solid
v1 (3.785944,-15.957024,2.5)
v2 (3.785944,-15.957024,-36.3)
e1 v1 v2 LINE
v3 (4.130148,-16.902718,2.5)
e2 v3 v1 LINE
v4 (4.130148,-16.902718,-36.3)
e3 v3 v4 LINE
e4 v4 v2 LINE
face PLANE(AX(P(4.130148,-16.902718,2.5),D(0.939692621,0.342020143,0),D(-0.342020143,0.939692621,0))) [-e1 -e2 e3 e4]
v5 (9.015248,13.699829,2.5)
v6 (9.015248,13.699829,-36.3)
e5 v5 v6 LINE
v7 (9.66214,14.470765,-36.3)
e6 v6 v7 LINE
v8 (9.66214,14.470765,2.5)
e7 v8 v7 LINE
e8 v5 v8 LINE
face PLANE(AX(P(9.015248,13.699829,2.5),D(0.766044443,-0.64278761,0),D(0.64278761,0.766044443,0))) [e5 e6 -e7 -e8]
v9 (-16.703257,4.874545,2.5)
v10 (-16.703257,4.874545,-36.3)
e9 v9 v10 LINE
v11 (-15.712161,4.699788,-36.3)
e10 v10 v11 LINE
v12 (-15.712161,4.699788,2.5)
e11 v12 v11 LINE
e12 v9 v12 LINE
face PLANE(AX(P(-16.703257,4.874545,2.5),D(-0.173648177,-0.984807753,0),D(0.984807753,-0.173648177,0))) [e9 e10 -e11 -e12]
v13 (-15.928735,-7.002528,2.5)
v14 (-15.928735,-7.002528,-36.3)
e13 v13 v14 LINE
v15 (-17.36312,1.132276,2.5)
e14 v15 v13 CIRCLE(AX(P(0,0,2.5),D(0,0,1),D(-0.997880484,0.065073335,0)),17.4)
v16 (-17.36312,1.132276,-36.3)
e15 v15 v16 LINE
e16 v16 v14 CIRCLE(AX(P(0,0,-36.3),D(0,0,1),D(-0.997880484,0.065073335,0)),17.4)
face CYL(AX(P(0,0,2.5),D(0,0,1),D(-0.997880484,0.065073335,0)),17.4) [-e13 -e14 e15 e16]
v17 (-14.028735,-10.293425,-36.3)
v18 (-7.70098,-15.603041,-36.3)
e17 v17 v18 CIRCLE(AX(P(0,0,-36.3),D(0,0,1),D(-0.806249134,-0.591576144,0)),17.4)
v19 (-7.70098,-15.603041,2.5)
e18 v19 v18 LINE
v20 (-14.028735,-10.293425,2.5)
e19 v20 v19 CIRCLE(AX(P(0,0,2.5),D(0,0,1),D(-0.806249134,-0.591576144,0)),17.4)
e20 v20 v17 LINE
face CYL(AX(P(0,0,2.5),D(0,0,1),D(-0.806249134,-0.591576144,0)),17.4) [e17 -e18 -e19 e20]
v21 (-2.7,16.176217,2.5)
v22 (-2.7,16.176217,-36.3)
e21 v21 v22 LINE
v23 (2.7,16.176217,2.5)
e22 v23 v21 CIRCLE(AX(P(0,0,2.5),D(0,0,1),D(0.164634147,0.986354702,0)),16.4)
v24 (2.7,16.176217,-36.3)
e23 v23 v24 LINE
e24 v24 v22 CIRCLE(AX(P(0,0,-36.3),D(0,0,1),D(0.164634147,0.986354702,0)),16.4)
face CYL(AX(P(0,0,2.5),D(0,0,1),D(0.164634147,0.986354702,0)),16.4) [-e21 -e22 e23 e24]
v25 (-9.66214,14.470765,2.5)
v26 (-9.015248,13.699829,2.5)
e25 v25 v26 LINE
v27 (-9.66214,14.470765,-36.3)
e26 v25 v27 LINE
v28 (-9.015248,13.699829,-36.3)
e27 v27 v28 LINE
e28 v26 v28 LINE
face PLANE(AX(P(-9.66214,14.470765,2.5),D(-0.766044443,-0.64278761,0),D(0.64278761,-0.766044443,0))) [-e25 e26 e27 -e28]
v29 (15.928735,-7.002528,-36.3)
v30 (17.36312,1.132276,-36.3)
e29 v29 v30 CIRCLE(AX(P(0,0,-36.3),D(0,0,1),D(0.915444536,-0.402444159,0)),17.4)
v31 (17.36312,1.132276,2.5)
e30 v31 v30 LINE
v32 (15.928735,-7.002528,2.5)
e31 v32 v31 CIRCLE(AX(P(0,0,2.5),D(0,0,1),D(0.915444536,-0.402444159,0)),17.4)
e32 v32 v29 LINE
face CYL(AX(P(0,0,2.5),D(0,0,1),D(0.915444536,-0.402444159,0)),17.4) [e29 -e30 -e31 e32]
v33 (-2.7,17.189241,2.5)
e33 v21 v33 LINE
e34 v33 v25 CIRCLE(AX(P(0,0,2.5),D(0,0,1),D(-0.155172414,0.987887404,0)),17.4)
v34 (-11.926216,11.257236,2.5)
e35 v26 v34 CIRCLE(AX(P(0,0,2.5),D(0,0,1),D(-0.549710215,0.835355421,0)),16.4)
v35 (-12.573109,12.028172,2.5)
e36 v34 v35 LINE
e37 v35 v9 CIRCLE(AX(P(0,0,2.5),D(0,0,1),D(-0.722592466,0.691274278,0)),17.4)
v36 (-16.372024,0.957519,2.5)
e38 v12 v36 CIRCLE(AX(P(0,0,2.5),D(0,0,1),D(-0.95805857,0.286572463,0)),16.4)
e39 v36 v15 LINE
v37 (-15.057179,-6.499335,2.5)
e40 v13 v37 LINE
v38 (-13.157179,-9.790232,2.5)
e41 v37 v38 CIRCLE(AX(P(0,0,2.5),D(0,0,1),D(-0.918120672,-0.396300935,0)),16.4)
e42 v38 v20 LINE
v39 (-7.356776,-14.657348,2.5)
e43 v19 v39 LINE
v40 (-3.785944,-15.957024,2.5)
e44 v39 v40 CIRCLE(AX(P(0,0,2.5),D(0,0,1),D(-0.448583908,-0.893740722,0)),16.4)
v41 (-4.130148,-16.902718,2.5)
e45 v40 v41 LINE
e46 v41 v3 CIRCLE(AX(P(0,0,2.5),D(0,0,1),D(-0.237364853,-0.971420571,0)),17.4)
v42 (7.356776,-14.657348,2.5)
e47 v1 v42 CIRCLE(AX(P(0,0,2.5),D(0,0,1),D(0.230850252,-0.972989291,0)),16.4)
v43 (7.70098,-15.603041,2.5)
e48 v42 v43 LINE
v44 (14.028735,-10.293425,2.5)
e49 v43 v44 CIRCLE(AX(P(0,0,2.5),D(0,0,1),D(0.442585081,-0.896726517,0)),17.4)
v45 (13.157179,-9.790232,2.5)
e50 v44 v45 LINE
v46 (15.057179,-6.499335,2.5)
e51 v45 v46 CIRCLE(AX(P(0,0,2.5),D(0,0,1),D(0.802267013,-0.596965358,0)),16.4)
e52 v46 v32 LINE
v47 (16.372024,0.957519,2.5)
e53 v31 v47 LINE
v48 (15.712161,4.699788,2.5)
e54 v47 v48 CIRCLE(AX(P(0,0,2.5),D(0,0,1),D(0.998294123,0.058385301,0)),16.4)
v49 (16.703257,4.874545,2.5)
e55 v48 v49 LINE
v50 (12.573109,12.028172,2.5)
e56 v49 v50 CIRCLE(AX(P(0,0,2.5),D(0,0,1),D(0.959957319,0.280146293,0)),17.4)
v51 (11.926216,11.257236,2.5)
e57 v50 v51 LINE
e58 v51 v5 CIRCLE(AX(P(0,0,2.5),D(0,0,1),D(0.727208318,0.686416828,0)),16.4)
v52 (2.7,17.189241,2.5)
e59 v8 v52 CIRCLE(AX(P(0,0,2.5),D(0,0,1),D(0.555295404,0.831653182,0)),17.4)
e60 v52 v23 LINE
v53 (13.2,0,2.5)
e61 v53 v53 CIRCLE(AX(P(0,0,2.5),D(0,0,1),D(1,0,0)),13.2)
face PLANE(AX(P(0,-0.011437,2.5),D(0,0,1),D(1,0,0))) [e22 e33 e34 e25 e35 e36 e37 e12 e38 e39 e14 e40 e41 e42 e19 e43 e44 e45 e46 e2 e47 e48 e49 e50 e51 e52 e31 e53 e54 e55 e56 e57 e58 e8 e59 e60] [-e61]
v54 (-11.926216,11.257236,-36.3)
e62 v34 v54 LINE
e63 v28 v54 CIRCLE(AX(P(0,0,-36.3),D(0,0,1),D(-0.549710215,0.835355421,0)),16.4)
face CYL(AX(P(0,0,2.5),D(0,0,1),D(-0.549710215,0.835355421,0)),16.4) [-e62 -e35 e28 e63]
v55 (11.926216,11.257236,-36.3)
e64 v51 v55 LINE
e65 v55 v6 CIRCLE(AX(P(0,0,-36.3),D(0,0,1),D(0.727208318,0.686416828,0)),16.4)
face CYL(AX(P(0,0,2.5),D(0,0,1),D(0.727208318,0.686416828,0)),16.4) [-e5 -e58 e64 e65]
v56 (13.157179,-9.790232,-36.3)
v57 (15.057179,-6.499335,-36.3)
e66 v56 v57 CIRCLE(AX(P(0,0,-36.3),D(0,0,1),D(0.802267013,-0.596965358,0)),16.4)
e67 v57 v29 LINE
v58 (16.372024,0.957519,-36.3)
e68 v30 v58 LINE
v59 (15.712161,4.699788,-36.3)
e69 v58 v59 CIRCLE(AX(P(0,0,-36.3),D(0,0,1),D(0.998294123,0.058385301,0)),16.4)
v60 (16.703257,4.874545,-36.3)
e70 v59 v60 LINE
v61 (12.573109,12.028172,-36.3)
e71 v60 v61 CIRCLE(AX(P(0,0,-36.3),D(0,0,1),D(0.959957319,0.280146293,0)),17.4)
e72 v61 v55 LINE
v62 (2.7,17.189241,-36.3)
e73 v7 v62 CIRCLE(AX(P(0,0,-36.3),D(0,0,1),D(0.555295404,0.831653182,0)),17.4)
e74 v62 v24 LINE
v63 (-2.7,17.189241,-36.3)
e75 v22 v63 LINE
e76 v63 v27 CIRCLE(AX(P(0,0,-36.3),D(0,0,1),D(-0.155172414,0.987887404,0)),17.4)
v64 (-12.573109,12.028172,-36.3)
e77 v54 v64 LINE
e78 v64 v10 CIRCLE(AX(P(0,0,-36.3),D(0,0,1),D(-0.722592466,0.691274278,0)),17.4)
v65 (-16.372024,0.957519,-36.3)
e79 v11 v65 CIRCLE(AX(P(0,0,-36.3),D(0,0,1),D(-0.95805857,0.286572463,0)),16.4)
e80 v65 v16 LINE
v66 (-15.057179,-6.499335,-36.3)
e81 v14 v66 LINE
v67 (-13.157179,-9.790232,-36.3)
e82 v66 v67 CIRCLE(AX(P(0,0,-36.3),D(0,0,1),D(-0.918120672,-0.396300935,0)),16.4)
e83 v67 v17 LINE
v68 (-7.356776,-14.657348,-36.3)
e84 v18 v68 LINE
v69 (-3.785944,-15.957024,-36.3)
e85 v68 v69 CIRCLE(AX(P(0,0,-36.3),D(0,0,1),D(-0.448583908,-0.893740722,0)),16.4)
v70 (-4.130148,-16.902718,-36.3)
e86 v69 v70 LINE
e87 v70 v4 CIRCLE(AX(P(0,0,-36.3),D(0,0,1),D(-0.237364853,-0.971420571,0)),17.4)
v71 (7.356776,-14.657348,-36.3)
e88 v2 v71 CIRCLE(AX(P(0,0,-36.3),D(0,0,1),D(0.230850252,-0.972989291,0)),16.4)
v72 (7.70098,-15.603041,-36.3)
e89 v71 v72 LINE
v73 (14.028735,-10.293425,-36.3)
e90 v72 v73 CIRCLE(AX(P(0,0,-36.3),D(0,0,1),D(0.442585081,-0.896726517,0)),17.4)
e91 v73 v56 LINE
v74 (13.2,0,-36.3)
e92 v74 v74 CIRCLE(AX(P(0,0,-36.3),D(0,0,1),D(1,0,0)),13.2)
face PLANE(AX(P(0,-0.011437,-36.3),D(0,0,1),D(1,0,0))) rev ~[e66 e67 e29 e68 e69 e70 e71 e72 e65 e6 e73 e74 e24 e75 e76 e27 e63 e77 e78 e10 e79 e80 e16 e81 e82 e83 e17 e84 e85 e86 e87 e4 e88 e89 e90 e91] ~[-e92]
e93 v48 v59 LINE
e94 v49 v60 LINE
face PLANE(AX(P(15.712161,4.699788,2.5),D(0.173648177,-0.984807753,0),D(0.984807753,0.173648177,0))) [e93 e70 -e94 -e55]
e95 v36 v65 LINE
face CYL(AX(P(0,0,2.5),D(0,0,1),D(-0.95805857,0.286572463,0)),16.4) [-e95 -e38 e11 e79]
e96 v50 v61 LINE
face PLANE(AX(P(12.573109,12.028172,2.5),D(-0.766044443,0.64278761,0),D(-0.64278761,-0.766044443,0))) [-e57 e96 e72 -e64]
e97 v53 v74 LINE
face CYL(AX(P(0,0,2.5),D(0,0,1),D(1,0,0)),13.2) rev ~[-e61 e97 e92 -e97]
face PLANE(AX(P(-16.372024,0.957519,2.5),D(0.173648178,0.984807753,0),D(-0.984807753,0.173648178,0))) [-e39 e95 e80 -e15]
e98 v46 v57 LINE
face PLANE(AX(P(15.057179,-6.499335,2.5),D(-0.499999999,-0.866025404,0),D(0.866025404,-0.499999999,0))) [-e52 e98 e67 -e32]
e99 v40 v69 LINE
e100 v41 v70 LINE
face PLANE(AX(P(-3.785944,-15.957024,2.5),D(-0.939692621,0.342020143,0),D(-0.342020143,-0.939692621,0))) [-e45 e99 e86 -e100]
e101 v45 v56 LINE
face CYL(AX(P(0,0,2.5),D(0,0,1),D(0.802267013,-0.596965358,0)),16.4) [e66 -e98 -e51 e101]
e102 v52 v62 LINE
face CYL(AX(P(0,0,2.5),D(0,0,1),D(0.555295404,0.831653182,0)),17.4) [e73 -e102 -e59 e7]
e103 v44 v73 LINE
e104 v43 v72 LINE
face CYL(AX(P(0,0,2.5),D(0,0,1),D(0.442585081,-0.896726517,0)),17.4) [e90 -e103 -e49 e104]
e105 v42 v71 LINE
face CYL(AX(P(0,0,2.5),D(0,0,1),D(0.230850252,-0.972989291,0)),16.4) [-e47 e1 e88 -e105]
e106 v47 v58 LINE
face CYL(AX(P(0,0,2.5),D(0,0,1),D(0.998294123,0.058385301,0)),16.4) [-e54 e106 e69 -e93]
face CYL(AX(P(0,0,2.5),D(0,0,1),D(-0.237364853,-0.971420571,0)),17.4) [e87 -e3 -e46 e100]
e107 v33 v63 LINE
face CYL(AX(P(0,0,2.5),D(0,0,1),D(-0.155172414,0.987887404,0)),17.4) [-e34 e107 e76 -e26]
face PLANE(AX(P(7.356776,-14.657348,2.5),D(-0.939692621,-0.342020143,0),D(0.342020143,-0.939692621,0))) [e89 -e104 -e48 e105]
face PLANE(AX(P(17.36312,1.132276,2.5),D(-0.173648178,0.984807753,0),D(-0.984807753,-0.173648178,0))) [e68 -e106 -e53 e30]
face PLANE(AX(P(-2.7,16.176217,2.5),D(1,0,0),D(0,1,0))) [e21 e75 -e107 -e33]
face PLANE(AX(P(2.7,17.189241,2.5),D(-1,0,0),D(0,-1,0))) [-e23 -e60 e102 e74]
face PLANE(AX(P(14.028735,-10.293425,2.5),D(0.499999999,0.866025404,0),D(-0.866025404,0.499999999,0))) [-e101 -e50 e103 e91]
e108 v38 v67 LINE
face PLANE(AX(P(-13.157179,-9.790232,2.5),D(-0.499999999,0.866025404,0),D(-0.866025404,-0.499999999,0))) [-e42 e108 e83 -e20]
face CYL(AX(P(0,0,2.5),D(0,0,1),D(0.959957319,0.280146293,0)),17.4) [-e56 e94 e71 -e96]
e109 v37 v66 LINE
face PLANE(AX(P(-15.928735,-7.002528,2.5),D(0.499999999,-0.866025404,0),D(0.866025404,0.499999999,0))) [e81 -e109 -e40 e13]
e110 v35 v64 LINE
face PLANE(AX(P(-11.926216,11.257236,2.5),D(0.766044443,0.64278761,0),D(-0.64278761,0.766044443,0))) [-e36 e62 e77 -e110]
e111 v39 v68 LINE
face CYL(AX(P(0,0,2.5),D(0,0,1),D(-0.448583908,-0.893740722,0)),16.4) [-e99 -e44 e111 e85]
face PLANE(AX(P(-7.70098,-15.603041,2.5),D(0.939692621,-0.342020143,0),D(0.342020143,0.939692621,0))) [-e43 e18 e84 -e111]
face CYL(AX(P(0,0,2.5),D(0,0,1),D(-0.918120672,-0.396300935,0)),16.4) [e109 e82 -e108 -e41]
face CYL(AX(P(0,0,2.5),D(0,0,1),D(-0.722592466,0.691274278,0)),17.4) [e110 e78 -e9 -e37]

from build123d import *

# Parameters (mm, degrees)
SK_ESTRIADO_R = 13.2
EJE_DEPTH     = 38.8


with BuildPart() as part:
    # Sk_Estriado → Eje (new body)
    with BuildSketch(Plane.XY.offset(2.5)):
        with BuildLine():
            Line((2.7, 17.189240821), (2.7, 16.17621711))
            ThreePointArc((2.7, 16.17621711), (0, 16.4), (-2.7, 16.17621711))
            Line((-2.7, 16.17621711), (-2.7, 17.189240821))
            ThreePointArc((-2.7, 17.189240821), (-6.328756096, 16.208233904), (-9.662140027, 14.47076536))
            Line((-9.662140027, 14.47076536), (-9.01524753, 13.699828903))
            ThreePointArc((-9.01524753, 13.699828903), (-10.541716799, 12.563128867), (-11.926216414, 11.257235986))
            Line((-11.926216414, 11.257235986), (-12.573108911, 12.028172443))
            ThreePointArc((-12.573108911, 12.028172443), (-15.068842026, 8.7), (-16.703257352, 4.874545499))
            Line((-16.703257352, 4.874545499), (-15.712160547, 4.699788392))
            ThreePointArc((-15.712160547, 4.699788392), (-16.150847149, 2.847830114), (-16.372023623, 0.957518931))
            Line((-16.372023623, 0.957518931), (-17.363120427, 1.132276038))
            ThreePointArc((-17.363120427, 1.132276038), (-17.135654902, -3.021478291), (-15.928734927, -7.002528375))
            Line((-15.928734927, -7.002528375), (-15.057179023, -6.49933534))
            ThreePointArc((-15.057179023, -6.49933534), (-14.202816622, -8.2), (-13.157179023, -9.790231874))
            Line((-13.157179023, -9.790231874), (-14.028734927, -10.293424909))
            ThreePointArc((-14.028734927, -10.293424909), (-11.184504409, -13.32917331), (-7.700980401, -15.603041398))
            Line((-7.700980401, -15.603041398), (-7.356776093, -14.657347834))
            ThreePointArc((-7.356776093, -14.657347834), (-5.609130351, -15.410958981), (-3.785944134, -15.957024379))
            Line((-3.785944134, -15.957024379), (-4.130148442, -16.902717943))
            ThreePointArc((-4.130148442, -16.902717943), (0, -17.4), (4.130148442, -16.902717943))
            Line((4.130148442, -16.902717943), (3.785944134, -15.957024379))
            ThreePointArc((3.785944134, -15.957024379), (5.609130351, -15.410958981), (7.356776093, -14.657347834))
            Line((7.356776093, -14.657347834), (7.700980401, -15.603041398))
            ThreePointArc((7.700980401, -15.603041398), (11.184504409, -13.32917331), (14.028734927, -10.293424909))
            Line((14.028734927, -10.293424909), (13.157179023, -9.790231874))
            ThreePointArc((13.157179023, -9.790231874), (14.202816622, -8.2), (15.057179023, -6.49933534))
            Line((15.057179023, -6.49933534), (15.928734927, -7.002528375))
            ThreePointArc((15.928734927, -7.002528375), (17.135654902, -3.021478291), (17.363120427, 1.132276038))
            Line((17.363120427, 1.132276038), (16.372023623, 0.957518931))
            ThreePointArc((16.372023623, 0.957518931), (16.150847149, 2.847830114), (15.712160547, 4.699788392))
            Line((15.712160547, 4.699788392), (16.703257352, 4.874545499))
            ThreePointArc((16.703257352, 4.874545499), (15.068842026, 8.7), (12.573108911, 12.028172443))
            Line((12.573108911, 12.028172443), (11.926216414, 11.257235986))
            ThreePointArc((11.926216414, 11.257235986), (10.541716799, 12.563128867), (9.01524753, 13.699828903))
            Line((9.01524753, 13.699828903), (9.662140027, 14.47076536))
            ThreePointArc((9.662140027, 14.47076536), (6.328756096, 16.208233904), (2.7, 17.189240821))
        make_face()
        Circle(SK_ESTRIADO_R, mode=Mode.SUBTRACT)
    extrude(amount=-EJE_DEPTH)


solid = part.part
